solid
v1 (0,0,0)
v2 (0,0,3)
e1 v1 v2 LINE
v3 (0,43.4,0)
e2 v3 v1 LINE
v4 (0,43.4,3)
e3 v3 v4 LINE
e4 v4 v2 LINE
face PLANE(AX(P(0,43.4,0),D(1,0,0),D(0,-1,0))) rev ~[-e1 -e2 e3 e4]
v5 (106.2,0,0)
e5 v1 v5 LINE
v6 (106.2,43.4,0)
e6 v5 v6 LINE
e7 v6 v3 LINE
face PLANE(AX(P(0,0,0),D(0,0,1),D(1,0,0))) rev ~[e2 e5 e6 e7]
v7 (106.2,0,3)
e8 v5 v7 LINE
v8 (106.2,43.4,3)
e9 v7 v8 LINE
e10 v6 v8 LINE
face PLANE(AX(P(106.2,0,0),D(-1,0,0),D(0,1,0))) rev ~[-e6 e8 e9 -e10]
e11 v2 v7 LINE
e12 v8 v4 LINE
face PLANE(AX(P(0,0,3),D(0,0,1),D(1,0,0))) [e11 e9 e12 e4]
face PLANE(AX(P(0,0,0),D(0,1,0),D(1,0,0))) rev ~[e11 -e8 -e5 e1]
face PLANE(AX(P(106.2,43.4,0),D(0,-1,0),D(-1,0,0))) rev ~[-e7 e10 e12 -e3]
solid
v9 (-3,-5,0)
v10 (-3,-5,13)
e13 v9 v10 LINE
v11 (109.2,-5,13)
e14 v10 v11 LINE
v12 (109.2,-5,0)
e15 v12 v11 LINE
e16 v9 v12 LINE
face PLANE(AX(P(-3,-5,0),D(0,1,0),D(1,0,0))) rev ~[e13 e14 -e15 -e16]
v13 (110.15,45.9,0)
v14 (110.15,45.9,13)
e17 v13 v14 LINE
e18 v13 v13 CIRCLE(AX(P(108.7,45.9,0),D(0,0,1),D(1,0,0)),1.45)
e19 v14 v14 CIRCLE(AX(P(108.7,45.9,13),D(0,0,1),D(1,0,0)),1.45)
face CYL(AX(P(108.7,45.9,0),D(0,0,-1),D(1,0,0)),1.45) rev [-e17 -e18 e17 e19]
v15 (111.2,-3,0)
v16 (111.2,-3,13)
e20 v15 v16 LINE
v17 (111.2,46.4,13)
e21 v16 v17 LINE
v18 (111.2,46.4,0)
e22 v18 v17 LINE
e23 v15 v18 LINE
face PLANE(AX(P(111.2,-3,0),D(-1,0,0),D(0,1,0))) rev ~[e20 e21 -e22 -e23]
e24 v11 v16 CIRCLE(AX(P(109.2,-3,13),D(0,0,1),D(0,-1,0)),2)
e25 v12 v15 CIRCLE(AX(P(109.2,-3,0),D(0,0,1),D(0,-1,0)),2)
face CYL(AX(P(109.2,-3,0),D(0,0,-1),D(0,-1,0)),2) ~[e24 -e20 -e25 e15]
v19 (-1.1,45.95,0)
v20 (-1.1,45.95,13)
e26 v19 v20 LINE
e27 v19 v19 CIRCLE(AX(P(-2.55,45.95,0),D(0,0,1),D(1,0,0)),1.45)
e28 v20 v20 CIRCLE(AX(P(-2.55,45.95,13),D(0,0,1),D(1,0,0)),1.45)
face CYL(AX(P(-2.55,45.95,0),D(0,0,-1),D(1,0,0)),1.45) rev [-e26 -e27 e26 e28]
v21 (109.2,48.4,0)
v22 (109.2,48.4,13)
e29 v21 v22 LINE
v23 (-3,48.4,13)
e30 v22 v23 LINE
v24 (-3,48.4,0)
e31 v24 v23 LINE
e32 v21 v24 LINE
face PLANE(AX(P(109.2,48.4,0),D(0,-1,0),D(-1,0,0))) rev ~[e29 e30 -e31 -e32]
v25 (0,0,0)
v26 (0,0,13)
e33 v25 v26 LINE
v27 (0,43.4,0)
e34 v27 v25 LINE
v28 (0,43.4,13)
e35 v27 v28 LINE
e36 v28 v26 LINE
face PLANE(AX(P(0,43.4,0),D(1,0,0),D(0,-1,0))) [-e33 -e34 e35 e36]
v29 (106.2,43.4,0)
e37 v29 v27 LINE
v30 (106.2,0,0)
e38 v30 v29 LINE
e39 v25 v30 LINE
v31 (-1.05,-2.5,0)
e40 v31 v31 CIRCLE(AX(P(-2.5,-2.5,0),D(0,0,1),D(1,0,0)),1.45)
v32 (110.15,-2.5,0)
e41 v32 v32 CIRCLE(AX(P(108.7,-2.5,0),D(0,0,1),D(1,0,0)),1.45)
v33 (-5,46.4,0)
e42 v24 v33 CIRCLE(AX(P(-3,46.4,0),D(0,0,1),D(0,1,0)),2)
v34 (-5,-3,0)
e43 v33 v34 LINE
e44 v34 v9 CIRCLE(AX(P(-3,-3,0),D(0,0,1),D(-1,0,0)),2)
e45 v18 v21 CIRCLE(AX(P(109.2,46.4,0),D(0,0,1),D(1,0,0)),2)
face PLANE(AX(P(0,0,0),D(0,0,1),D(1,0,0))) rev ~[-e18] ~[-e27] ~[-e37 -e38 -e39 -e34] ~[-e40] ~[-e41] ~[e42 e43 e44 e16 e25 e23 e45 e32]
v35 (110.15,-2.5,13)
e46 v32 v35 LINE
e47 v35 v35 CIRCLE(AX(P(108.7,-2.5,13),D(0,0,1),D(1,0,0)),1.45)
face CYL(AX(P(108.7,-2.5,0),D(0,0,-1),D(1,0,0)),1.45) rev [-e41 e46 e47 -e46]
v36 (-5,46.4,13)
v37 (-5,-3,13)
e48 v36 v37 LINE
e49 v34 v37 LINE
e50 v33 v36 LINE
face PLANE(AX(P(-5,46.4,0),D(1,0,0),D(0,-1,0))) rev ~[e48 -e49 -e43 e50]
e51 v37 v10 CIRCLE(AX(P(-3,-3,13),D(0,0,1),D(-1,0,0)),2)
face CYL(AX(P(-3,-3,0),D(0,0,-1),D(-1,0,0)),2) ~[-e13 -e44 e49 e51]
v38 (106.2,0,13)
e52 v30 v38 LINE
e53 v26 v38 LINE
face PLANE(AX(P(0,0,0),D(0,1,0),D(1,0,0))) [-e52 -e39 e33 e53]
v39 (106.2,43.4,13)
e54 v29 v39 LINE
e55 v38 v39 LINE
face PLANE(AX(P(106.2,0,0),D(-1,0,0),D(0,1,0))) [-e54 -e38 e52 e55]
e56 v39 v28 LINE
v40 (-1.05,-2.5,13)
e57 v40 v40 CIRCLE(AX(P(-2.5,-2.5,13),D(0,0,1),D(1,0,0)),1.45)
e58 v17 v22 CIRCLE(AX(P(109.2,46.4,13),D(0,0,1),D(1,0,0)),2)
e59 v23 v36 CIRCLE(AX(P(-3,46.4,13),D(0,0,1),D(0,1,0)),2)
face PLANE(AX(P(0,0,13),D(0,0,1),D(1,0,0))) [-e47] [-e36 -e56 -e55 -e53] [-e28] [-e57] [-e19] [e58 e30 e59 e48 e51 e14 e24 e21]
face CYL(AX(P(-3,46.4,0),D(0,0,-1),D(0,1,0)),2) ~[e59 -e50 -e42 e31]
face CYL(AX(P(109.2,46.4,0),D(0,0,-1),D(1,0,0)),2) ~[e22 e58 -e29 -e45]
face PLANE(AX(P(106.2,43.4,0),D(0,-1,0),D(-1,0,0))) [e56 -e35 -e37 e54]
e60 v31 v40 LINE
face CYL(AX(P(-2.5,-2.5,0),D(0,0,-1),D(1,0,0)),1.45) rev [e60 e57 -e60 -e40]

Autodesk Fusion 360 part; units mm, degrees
sketch "Sketch1" plane through (0, 0, 0) normal (0, 0, 1) x (1, 0, 0)
  line L0 (0, 0) -> (106.2, 0)
  line L1 (106.2, 0) -> (106.2, 43.4)
  line L2 (106.2, 43.4) -> (0, 43.4)
  line L3 (0, 43.4) -> (0, 0)
  line L4 (-3, -5) -> (109.2, -5)
  line L5 (111.2, -3) -> (111.2, 46.4)
  line L6 (109.2, 48.4) -> (-3, 48.4)
  line L7 (-5, 46.4) -> (-5, -3)
  circle A0 centre (-2.55, 45.95) radius 1.45
  circle A1 centre (108.7, 45.9) radius 1.45
  arc A2 (-3, 48.4) -> (-5, 46.4) centre (-3, 46.4) ccw
  arc A3 (111.2, 46.4) -> (109.2, 48.4) centre (109.2, 46.4) ccw
  circle A4 centre (108.7, -2.5) radius 1.45
  arc A5 (109.2, -5) -> (111.2, -3) centre (109.2, -3) ccw
  line L8 (0, -5) -> (-0.4432, -4.5568) construction
  circle A6 centre (-2.5, -2.5) radius 1.45
  arc A7 (-5, -3) -> (-3, -5) centre (-3, -3) ccw
  dimension "d4" = 2.9
  dimension "d5" = 2.9
  dimension "d6" = 2
  dimension "d7" = 2
  dimension "d8" = 2.9
  dimension "d9" = 2
  dimension "d10" = 2.9
  dimension "d11" = 2
extrude "Extrude1" add sketch "Sketch1" along normal blind 13 makes body 1
extrude "Extrude2" add sketch "Sketch1" along normal blind 3 separate body contours L0 L1 L2 L3 makes body 2
sketch "plate-2024-10-21T20_29_41.544Z" plane through (0, 0, 3) normal (0, 0, 1) x (1, 0, 0)
  line L0 (8.4683, -47.9448) -> (21.4683, -47.9448)
  line L1 (8.4683, -61.9448) -> (21.4683, -61.9448)
  line L2 (7.9683, -48.4448) -> (7.9683, -61.4448)
  line L3 (21.9683, -48.4448) -> (21.9683, -61.4448)
  arc A0 (8.4683, -47.9448) -> (7.9683, -48.4448) centre (8.4683, -48.4448) ccw
  arc A1 (21.9683, -48.4448) -> (21.4683, -47.9448) centre (21.4683, -48.4448) ccw
  arc A2 (7.9683, -61.4448) -> (8.4683, -61.9448) centre (8.4683, -61.4448) ccw
  arc A3 (21.4683, -61.9448) -> (21.9683, -61.4448) centre (21.4683, -61.4448) ccw
  line L4 (27.5183, -47.9448) -> (40.5183, -47.9448)
  line L5 (27.5183, -61.9448) -> (40.5183, -61.9448)
  line L6 (27.0183, -48.4448) -> (27.0183, -61.4448)
  line L7 (41.0183, -48.4448) -> (41.0183, -61.4448)
  arc A4 (27.5183, -47.9448) -> (27.0183, -48.4448) centre (27.5183, -48.4448) ccw
  arc A5 (41.0183, -48.4448) -> (40.5183, -47.9448) centre (40.5183, -48.4448) ccw
  arc A6 (27.0183, -61.4448) -> (27.5183, -61.9448) centre (27.5183, -61.4448) ccw
  arc A7 (40.5183, -61.9448) -> (41.0183, -61.4448) centre (40.5183, -61.4448) ccw
  line L8 (46.5683, -47.9448) -> (59.5683, -47.9448)
  line L9 (46.5683, -61.9448) -> (59.5683, -61.9448)
  line L10 (46.0683, -48.4448) -> (46.0683, -61.4448)
  line L11 (60.0683, -48.4448) -> (60.0683, -61.4448)
  arc A8 (46.5683, -47.9448) -> (46.0683, -48.4448) centre (46.5683, -48.4448) ccw
  arc A9 (60.0683, -48.4448) -> (59.5683, -47.9448) centre (59.5683, -48.4448) ccw
  arc A10 (46.0683, -61.4448) -> (46.5683, -61.9448) centre (46.5683, -61.4448) ccw
  arc A11 (59.5683, -61.9448) -> (60.0683, -61.4448) centre (59.5683, -61.4448) ccw
  line L12 (8.4683, -66.9948) -> (21.4683, -66.9948)
  line L13 (8.4683, -80.9948) -> (21.4683, -80.9948)
  line L14 (7.9683, -67.4948) -> (7.9683, -80.4948)
  line L15 (21.9683, -67.4948) -> (21.9683, -80.4948)
  arc A12 (8.4683, -66.9948) -> (7.9683, -67.4948) centre (8.4683, -67.4948) ccw
  arc A13 (21.9683, -67.4948) -> (21.4683, -66.9948) centre (21.4683, -67.4948) ccw
  arc A14 (7.9683, -80.4948) -> (8.4683, -80.9948) centre (8.4683, -80.4948) ccw
  arc A15 (21.4683, -80.9948) -> (21.9683, -80.4948) centre (21.4683, -80.4948) ccw
  line L16 (27.5183, -66.9948) -> (40.5183, -66.9948)
  line L17 (27.5183, -80.9948) -> (40.5183, -80.9948)
  line L18 (27.0183, -67.4948) -> (27.0183, -80.4948)
  line L19 (41.0183, -67.4948) -> (41.0183, -80.4948)
  arc A16 (27.5183, -66.9948) -> (27.0183, -67.4948) centre (27.5183, -67.4948) ccw
  arc A17 (41.0183, -67.4948) -> (40.5183, -66.9948) centre (40.5183, -67.4948) ccw
  arc A18 (27.0183, -80.4948) -> (27.5183, -80.9948) centre (27.5183, -80.4948) ccw
  arc A19 (40.5183, -80.9948) -> (41.0183, -80.4948) centre (40.5183, -80.4948) ccw
  line L20 (46.5683, -66.9948) -> (59.5683, -66.9948)
  line L21 (46.5683, -80.9948) -> (59.5683, -80.9948)
  line L22 (46.0683, -67.4948) -> (46.0683, -80.4948)
  line L23 (60.0683, -67.4948) -> (60.0683, -80.4948)
  arc A20 (46.5683, -66.9948) -> (46.0683, -67.4948) centre (46.5683, -67.4948) ccw
  arc A21 (60.0683, -67.4948) -> (59.5683, -66.9948) centre (59.5683, -67.4948) ccw
  arc A22 (46.0683, -80.4948) -> (46.5683, -80.9948) centre (46.5683, -80.4948) ccw
  arc A23 (59.5683, -80.9948) -> (60.0683, -80.4948) centre (59.5683, -80.4948) ccw
  line L24 (65.6183, -66.9948) -> (78.6183, -66.9948)
  line L25 (65.6183, -80.9948) -> (78.6183, -80.9948)
  line L26 (65.1183, -67.4948) -> (65.1183, -80.4948)
  line L27 (79.1183, -67.4948) -> (79.1183, -80.4948)
  arc A24 (65.6183, -66.9948) -> (65.1183, -67.4948) centre (65.6183, -67.4948) ccw
  arc A25 (79.1183, -67.4948) -> (78.6183, -66.9948) centre (78.6183, -67.4948) ccw
  arc A26 (65.1183, -80.4948) -> (65.6183, -80.9948) centre (65.6183, -80.4948) ccw
  arc A27 (78.6183, -80.9948) -> (79.1183, -80.4948) centre (78.6183, -80.4948) ccw
  line L28 (5.4433, -83.5198) -> (81.6433, -83.5198)
  line L29 (5.4433, -45.4198) -> (81.6433, -45.4198)
  line L30 (5.4433, -83.5198) -> (5.4433, -45.4198)
  line L31 (81.6433, -83.5198) -> (81.6433, -45.4198)
  dimension "d16" = 38.1
